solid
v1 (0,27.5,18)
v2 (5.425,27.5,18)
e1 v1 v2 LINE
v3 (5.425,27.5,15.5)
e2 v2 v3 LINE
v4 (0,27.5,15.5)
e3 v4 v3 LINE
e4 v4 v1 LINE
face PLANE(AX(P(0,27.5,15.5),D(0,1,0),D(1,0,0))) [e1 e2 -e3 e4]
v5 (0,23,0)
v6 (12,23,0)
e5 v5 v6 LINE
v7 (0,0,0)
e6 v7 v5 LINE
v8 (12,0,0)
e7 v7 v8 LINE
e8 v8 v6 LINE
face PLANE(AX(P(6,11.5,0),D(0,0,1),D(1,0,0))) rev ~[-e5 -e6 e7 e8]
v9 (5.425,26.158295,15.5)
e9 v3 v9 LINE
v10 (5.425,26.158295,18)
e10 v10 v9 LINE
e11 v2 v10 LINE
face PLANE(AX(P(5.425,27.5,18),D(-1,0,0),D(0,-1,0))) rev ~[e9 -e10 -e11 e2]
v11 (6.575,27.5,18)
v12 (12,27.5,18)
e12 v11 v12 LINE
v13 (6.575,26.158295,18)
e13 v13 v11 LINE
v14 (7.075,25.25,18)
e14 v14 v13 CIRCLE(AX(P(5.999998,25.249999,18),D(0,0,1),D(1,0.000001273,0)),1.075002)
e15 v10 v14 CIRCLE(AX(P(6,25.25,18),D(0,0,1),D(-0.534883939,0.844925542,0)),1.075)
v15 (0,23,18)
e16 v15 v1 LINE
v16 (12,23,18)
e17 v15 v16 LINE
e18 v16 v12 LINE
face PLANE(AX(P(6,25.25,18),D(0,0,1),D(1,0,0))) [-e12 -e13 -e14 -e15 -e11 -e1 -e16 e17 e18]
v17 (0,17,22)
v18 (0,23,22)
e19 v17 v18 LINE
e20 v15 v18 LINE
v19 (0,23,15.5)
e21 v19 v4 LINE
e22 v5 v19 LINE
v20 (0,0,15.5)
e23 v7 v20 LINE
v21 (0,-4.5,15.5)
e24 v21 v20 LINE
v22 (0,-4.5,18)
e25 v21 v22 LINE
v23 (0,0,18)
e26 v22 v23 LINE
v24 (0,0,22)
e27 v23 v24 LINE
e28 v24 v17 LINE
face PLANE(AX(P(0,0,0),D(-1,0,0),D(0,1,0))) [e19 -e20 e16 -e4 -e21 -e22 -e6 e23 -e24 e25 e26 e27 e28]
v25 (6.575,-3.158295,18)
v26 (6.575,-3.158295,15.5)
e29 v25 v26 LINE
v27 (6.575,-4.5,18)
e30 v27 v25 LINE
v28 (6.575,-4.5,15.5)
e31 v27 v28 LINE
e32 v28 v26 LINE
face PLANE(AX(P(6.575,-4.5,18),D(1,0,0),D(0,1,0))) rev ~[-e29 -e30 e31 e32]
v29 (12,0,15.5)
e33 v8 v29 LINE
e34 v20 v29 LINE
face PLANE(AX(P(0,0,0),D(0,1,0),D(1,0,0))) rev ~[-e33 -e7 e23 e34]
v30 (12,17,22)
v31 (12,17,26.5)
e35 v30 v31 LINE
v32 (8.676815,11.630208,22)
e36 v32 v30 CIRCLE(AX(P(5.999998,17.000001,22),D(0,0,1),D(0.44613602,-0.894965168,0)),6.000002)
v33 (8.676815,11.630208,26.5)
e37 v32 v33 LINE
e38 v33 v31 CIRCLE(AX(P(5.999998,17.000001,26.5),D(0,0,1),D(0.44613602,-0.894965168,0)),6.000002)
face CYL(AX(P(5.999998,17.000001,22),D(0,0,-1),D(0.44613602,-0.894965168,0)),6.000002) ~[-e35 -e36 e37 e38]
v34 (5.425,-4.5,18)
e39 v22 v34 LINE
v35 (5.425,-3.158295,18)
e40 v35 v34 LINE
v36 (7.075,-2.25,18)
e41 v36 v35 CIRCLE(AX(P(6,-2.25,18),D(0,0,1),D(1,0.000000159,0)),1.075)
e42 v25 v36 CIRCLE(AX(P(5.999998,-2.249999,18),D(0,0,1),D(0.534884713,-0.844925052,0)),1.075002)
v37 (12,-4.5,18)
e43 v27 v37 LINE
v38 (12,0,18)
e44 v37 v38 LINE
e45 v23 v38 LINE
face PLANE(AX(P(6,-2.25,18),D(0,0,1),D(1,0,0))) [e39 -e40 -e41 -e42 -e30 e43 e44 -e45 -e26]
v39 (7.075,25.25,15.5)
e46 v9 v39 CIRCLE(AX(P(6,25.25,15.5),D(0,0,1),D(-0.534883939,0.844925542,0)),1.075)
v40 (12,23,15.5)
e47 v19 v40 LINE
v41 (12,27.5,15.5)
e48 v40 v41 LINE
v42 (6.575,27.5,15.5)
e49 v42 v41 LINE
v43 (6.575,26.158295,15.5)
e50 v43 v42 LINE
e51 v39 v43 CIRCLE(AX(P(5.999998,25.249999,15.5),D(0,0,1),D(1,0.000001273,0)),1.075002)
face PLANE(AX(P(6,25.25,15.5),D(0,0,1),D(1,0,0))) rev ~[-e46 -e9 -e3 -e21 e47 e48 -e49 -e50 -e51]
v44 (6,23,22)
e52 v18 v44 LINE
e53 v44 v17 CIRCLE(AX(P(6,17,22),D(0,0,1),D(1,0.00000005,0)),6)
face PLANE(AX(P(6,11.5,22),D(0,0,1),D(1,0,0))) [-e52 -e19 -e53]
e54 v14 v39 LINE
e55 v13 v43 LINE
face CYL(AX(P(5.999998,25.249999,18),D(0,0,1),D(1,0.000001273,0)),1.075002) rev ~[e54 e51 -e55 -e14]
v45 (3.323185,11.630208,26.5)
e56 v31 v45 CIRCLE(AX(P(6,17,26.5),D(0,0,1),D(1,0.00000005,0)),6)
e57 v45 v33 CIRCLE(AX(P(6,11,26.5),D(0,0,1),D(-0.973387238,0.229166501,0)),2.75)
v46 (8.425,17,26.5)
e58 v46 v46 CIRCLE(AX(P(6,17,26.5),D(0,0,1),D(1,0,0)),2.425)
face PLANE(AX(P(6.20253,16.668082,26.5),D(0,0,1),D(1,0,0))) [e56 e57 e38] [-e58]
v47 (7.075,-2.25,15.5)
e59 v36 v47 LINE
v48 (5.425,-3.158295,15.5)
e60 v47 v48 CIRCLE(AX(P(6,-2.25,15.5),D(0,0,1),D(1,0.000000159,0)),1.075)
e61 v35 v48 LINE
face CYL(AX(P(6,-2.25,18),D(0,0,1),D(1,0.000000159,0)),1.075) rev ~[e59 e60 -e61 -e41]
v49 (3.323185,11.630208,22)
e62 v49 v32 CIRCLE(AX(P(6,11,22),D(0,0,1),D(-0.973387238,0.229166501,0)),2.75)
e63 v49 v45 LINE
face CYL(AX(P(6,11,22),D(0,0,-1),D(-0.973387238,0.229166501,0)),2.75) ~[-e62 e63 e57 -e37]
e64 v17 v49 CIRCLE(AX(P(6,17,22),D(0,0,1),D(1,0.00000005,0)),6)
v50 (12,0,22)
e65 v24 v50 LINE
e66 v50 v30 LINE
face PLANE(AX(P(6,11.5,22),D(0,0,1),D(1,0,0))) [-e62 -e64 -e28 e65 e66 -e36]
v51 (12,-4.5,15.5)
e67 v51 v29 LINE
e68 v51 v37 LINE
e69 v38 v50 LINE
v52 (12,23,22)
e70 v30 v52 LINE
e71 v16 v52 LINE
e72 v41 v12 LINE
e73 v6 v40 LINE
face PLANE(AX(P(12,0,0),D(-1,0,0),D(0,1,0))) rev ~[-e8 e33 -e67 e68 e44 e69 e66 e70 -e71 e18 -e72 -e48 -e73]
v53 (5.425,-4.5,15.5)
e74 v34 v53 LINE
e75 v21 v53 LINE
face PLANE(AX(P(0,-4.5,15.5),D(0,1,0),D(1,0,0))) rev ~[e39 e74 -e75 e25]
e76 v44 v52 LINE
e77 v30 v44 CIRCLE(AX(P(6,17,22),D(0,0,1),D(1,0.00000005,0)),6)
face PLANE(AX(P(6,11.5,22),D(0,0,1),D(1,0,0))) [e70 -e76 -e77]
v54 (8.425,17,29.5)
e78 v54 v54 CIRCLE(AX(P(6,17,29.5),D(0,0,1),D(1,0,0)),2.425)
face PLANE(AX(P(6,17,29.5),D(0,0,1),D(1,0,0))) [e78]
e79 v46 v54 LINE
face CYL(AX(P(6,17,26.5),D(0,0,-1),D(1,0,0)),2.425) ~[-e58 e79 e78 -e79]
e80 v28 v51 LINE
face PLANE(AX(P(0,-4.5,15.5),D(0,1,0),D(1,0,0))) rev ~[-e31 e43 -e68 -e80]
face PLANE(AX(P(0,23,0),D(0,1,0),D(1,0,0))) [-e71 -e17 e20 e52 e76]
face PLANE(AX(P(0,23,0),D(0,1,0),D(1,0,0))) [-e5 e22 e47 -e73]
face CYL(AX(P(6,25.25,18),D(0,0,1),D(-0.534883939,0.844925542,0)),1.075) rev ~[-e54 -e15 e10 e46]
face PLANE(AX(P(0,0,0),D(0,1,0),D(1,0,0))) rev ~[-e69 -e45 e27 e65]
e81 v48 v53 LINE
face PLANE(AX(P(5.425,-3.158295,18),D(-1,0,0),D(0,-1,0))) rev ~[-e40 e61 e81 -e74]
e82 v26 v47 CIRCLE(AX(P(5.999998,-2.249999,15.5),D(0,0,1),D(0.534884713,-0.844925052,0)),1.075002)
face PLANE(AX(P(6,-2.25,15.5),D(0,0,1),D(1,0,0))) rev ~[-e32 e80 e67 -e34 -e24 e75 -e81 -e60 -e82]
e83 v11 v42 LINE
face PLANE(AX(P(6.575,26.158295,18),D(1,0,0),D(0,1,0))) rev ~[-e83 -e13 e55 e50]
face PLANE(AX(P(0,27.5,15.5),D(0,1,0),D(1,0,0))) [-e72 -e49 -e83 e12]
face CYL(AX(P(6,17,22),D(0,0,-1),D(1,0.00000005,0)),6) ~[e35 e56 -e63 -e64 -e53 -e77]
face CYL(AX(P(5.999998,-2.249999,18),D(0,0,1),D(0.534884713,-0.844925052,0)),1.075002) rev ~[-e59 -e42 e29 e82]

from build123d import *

# Parameters (mm, degrees)
F0_W      = 12
F0_H      = 23
F1_DEPTH  = 22
F3_W      = 12
F3_H      = 4.5
F4_DEPTH  = 2.5
F6_DEPTH  = 18.001
F8_DEPTH  = 4.5
F9_R      = 2.425
F10_DEPTH = 3


with BuildPart() as f1:
    # F0 (on Top) → F1 (new body)
    with BuildSketch(Plane.XY):
        with Locations((6, 11.5)):
            Rectangle(F0_W, F0_H)
    extrude(amount=F1_DEPTH)

    # F3 (on offset) → F4 (join)
    with BuildSketch(Plane.XY.offset(15.5)):
        with Locations((6, 25.25)):
            Rectangle(F3_W, F3_H)
        with Locations((6, -2.25)):
            Rectangle(F3_W, F3_H)
    extrude(amount=F4_DEPTH)

    # F5 (on face) → F6 (cut, through all)
    with BuildSketch(Plane.XY.offset(18)):
        with BuildLine():
            ThreePointArc((5.425, 26.158295), (5.481589, 24.30826), (7.075, 25.25))
            ThreePointArc((7.075, 25.25), (6.94174, 25.768411), (6.575, 26.158295))
            ThreePointArc((6.575, 26.158295), (6, 26.325), (5.425, 26.158295))
        make_face()
        with BuildLine():
            ThreePointArc((5.425, 26.158295), (6, 26.325), (6.575, 26.158295))
            Line((6.575, 26.158295), (6.575, 27.5))
            Line((6.575, 27.5), (5.425, 27.5))
            Line((5.425, 27.5), (5.425, 26.158295))
        make_face()
        with BuildLine():
            Line((5.425, -4.5), (6.575, -4.5))
            Line((6.575, -4.5), (6.575, -3.158295))
            ThreePointArc((6.575, -3.158295), (6, -3.325), (5.425, -3.158295))
            Line((5.425, -3.158295), (5.425, -4.5))
        make_face()
        with BuildLine():
            ThreePointArc((5.425, -3.158295), (6, -3.325), (6.575, -3.158295))
            ThreePointArc((6.575, -3.158295), (6.94174, -2.768411), (7.075, -2.25))
            ThreePointArc((7.075, -2.25), (5.481589, -1.30826), (5.425, -3.158295))
        make_face()
    extrude(amount=-F6_DEPTH, mode=Mode.SUBTRACT)

    # F7 (on face) → F8 (join)
    with BuildSketch(Plane.XY.offset(22)):
        with BuildLine():
            ThreePointArc((8.676815, 11.630208), (11.102004, 13.84254), (12, 17))
            ThreePointArc((12, 17), (2.84254, 22.102004), (3.323185, 11.630208))
            ThreePointArc((3.323185, 11.630208), (6, 11), (8.676815, 11.630208))
        make_face()
        with BuildLine():
            ThreePointArc((8.676815, 11.630208), (6, 11), (3.323185, 11.630208))
            ThreePointArc((3.323185, 11.630208), (6, 8.25), (8.676815, 11.630208))
        make_face()
    extrude(amount=F8_DEPTH)

    # F9 (on face) → F10 (join)
    with BuildSketch(Plane.XY.offset(26.5)):
        with Locations((6, 17)):
            Circle(F9_R)
    extrude(amount=F10_DEPTH)


solid = f1.part
